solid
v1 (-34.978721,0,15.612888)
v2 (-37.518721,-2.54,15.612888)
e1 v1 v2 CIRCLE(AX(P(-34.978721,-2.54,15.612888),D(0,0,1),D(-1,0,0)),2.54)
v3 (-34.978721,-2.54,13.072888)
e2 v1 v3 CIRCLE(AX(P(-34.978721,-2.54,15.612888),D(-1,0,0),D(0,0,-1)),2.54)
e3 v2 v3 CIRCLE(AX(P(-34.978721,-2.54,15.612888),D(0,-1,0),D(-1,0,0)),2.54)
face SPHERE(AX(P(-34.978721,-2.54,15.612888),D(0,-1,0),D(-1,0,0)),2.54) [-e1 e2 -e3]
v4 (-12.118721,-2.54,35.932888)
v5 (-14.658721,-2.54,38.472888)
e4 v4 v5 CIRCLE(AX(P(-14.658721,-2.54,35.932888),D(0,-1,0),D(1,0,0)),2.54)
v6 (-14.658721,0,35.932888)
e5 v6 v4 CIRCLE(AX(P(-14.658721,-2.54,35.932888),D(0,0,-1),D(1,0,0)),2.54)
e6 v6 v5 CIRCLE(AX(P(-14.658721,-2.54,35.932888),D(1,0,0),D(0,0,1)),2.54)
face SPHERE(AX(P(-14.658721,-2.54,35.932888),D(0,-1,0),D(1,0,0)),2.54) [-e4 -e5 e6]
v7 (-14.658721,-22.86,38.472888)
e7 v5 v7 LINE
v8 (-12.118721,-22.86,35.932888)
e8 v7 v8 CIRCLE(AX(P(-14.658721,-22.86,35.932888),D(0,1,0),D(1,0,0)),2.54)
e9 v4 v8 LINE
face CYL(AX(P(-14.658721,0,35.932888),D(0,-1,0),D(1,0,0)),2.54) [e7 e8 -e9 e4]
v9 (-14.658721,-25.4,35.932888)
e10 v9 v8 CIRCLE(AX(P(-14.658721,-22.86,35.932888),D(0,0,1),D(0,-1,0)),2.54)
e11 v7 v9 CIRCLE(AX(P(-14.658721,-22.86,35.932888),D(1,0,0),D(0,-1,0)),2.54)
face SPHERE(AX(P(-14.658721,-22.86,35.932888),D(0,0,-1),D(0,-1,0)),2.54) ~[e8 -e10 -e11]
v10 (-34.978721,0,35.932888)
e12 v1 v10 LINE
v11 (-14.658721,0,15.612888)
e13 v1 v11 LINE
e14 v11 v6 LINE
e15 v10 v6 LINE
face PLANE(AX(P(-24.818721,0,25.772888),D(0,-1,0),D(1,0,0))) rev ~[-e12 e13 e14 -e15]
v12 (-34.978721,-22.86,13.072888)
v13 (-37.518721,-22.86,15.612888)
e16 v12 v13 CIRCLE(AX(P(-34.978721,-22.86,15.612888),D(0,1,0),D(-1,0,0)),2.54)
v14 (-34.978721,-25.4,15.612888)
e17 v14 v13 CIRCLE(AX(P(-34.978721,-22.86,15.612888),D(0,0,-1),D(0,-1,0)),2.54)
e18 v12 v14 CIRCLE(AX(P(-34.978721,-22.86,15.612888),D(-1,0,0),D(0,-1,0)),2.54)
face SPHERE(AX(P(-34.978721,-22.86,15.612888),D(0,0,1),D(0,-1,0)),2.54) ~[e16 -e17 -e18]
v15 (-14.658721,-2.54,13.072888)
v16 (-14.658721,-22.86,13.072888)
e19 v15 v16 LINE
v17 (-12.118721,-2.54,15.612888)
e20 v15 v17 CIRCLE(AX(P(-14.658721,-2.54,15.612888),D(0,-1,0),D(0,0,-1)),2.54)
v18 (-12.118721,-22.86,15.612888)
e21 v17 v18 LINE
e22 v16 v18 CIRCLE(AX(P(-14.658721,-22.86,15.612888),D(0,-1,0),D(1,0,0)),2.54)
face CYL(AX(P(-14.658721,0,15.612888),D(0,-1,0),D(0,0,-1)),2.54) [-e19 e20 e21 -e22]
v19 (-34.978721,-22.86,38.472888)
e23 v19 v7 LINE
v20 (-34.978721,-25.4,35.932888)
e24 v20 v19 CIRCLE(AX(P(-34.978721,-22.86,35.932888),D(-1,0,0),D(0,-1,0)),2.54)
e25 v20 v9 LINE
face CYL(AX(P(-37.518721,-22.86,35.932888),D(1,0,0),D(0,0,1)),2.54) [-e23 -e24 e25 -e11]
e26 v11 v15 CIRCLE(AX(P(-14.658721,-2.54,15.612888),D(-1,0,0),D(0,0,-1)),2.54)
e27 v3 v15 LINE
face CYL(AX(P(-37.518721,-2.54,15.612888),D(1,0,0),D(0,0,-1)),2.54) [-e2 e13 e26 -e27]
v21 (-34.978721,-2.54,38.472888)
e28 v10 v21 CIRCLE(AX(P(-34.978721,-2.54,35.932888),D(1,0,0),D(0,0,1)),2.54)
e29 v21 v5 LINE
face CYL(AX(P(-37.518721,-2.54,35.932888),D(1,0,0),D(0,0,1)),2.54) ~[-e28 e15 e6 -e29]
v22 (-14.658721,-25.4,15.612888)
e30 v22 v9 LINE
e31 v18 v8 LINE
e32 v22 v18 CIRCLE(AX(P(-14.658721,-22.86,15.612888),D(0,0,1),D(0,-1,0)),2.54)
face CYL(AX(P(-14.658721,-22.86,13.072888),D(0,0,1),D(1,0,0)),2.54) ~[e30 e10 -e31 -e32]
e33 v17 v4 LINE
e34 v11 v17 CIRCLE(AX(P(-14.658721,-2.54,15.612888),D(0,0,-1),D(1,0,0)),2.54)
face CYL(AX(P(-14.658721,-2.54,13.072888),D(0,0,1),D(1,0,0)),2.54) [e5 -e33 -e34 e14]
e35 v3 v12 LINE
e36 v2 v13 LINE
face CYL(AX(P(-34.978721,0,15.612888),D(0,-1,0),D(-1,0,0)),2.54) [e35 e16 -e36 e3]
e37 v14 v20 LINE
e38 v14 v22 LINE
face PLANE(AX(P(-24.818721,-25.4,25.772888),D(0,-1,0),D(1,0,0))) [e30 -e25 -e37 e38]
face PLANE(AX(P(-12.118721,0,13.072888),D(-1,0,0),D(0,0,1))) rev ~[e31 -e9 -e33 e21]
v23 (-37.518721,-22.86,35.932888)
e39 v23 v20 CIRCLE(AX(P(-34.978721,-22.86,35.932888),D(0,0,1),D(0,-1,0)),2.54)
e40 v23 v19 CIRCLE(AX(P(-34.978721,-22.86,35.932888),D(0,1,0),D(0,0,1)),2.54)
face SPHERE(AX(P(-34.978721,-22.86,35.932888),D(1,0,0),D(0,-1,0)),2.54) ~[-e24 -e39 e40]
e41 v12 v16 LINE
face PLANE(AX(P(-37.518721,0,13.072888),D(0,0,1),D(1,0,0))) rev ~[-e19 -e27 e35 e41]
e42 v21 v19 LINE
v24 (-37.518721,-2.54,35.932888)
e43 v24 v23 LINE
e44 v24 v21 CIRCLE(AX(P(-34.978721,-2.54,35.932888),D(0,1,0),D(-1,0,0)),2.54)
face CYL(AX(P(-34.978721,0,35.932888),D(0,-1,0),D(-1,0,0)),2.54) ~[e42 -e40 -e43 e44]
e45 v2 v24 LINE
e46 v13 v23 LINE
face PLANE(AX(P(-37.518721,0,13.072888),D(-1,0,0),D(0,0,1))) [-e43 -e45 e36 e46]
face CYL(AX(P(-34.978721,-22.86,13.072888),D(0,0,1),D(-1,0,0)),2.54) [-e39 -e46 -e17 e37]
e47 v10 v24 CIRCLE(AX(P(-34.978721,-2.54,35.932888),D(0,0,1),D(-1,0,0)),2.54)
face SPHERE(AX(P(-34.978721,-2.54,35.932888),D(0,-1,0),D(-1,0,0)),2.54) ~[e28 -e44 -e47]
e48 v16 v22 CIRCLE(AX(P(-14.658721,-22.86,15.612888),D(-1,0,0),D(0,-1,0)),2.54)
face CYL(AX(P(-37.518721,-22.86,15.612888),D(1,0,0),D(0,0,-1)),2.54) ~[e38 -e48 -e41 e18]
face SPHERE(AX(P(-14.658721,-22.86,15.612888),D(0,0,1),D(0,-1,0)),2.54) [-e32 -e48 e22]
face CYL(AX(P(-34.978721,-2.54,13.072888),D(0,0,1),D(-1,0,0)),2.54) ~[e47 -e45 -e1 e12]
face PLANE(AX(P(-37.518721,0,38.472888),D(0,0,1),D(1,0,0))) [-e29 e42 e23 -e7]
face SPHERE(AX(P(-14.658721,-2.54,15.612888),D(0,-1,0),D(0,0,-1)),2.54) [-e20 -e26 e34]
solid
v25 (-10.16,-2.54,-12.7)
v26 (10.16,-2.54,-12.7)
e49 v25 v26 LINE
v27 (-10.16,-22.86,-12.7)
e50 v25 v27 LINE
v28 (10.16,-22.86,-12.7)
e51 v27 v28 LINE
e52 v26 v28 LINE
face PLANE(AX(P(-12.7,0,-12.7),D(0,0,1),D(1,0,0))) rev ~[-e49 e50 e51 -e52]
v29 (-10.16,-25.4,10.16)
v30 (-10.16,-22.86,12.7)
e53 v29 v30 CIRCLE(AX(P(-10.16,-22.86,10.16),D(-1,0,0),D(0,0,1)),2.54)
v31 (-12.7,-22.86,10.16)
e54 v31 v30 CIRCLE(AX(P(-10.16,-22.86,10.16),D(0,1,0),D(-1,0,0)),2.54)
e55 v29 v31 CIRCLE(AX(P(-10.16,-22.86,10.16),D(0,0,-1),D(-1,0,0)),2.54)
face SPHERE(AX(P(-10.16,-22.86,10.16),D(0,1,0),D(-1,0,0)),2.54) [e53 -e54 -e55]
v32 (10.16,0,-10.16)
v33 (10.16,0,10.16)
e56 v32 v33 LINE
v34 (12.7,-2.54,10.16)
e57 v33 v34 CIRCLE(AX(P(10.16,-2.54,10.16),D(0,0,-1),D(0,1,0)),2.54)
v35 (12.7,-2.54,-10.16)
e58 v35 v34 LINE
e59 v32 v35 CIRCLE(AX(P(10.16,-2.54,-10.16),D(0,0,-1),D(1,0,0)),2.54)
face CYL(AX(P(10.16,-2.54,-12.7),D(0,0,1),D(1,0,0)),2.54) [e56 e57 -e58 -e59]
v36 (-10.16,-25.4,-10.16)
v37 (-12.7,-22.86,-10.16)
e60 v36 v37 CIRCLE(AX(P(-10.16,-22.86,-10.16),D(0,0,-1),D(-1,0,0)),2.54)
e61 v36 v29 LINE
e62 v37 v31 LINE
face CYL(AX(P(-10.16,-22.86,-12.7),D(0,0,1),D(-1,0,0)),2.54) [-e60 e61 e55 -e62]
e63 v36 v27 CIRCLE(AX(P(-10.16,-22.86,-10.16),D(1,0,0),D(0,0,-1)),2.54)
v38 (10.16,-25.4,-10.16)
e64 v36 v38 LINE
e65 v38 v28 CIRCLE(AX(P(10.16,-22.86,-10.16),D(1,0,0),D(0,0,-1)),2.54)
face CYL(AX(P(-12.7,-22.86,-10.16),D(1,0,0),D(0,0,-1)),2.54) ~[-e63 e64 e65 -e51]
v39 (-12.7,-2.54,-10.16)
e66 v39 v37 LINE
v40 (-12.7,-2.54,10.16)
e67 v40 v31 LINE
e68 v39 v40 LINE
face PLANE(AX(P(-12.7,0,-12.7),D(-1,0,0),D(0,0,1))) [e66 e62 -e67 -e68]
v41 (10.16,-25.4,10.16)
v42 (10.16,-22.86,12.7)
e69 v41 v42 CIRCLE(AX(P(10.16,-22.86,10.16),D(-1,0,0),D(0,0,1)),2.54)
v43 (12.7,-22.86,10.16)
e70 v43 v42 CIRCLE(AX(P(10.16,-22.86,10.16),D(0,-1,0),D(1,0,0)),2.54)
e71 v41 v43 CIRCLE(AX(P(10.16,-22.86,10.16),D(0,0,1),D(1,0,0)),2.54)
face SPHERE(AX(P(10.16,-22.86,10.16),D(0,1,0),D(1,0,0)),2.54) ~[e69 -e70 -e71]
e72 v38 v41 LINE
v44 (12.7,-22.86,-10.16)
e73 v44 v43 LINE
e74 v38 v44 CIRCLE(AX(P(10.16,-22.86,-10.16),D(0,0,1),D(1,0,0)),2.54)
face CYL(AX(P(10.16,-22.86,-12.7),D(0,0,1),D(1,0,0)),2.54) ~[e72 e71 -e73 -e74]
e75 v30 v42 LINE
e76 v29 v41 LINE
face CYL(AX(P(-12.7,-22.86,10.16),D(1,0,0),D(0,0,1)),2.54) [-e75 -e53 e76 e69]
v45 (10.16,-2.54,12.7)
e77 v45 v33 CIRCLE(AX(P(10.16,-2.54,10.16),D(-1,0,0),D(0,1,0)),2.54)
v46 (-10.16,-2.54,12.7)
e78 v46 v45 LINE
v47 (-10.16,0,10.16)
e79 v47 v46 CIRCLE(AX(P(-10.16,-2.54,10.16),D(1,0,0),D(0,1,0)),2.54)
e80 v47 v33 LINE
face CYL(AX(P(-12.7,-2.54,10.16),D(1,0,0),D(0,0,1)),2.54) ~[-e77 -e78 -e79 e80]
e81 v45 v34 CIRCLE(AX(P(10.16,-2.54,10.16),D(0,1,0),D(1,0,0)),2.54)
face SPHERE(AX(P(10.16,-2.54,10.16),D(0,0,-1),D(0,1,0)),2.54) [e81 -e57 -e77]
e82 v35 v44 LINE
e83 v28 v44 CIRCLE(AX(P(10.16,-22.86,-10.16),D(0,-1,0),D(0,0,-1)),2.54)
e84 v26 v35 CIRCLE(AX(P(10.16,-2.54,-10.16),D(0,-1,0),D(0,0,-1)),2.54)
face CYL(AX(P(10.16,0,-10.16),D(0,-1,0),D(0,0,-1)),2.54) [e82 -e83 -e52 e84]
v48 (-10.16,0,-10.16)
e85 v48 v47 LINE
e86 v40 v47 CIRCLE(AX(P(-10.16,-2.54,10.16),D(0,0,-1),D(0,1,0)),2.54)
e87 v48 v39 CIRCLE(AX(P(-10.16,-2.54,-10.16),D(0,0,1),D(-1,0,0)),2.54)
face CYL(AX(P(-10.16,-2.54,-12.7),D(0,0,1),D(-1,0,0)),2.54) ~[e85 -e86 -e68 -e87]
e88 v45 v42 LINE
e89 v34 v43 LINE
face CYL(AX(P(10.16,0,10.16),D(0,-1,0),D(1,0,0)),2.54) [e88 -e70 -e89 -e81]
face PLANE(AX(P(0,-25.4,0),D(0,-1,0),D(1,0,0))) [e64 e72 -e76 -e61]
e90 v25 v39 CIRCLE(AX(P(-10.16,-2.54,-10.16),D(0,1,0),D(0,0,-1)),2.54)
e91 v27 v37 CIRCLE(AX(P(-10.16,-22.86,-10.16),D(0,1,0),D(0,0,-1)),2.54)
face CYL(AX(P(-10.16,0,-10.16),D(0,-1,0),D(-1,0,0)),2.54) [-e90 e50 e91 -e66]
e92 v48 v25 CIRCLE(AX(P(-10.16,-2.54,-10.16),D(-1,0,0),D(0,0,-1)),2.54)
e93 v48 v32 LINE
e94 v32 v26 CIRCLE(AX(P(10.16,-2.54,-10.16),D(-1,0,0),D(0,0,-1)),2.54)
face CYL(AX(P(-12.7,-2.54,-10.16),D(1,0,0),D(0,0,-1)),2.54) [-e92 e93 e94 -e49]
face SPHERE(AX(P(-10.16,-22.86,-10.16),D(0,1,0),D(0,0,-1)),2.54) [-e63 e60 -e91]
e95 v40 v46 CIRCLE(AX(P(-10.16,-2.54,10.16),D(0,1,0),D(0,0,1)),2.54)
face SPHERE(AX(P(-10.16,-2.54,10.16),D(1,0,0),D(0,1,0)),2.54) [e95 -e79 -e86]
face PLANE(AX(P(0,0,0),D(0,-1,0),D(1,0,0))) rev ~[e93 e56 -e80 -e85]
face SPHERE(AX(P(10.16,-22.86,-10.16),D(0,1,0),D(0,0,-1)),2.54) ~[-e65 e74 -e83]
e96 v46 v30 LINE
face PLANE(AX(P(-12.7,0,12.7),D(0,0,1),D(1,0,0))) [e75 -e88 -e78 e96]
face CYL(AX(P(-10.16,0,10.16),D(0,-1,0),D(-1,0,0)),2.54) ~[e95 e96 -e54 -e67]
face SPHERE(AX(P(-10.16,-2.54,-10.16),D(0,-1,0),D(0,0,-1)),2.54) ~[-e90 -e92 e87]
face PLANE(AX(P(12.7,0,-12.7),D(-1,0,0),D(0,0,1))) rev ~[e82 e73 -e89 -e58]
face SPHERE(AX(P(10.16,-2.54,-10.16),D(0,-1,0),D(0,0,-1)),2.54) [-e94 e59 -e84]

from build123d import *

# Parameters (mm, degrees)
F0_W     = 25.4
F0_H     = 25.4
F1_DEPTH = 25.4
F2_R     = 2.54
F3_W     = 25.4
F3_H     = 25.4
F4_DEPTH = 25.4
F5_R     = 2.54


with BuildPart() as f1:
    # F0 (on Front) → F1 (new body)
    with BuildSketch(Plane.XZ):
        Rectangle(F0_W, F0_H)
    extrude(amount=F1_DEPTH)

    # F2
    f2_edges = [f1.edges().sort_by_distance(p)[0] for p in [
        (-12.7, -12.7, -12.7),
        (12.7, -12.7, -12.7),
        (0, 0, -12.7),
        (0, -25.4, -12.7),
        (12.7, 0, 0),
        (0, 0, 12.7),
        (-12.7, 0, 0),
        (12.7, -12.7, 12.7),
        (12.7, -25.4, 0),
        (-12.7, -12.7, 12.7),
        (-12.7, -25.4, 0),
        (0, -25.4, 12.7),
    ]]
    fillet(f2_edges, radius=F2_R)


with BuildPart() as f4:
    # F3 (on Front) → F4 (new body)
    with BuildSketch(Plane.XZ):
        with Locations((-24.818721, 25.772888)):
            Rectangle(F3_W, F3_H)
    extrude(amount=F4_DEPTH)

    # F5
    f5_edges = [f4.edges().sort_by_distance(p)[0] for p in [
        (-12.118721, -25.4, 25.772888),
        (-24.818721, -25.4, 38.472888),
        (-37.518721, -25.4, 25.772888),
        (-24.818721, -25.4, 13.072888),
        (-37.518721, -12.7, 38.472888),
        (-37.518721, -12.7, 13.072888),
        (-37.518721, 0, 25.772888),
        (-12.118721, -12.7, 13.072888),
        (-24.818721, 0, 13.072888),
        (-12.118721, -12.7, 38.472888),
        (-12.118721, 0, 25.772888),
        (-24.818721, 0, 38.472888),
    ]]
    fillet(f5_edges, radius=F5_R)


solid = Compound([f1.part, f4.part])
